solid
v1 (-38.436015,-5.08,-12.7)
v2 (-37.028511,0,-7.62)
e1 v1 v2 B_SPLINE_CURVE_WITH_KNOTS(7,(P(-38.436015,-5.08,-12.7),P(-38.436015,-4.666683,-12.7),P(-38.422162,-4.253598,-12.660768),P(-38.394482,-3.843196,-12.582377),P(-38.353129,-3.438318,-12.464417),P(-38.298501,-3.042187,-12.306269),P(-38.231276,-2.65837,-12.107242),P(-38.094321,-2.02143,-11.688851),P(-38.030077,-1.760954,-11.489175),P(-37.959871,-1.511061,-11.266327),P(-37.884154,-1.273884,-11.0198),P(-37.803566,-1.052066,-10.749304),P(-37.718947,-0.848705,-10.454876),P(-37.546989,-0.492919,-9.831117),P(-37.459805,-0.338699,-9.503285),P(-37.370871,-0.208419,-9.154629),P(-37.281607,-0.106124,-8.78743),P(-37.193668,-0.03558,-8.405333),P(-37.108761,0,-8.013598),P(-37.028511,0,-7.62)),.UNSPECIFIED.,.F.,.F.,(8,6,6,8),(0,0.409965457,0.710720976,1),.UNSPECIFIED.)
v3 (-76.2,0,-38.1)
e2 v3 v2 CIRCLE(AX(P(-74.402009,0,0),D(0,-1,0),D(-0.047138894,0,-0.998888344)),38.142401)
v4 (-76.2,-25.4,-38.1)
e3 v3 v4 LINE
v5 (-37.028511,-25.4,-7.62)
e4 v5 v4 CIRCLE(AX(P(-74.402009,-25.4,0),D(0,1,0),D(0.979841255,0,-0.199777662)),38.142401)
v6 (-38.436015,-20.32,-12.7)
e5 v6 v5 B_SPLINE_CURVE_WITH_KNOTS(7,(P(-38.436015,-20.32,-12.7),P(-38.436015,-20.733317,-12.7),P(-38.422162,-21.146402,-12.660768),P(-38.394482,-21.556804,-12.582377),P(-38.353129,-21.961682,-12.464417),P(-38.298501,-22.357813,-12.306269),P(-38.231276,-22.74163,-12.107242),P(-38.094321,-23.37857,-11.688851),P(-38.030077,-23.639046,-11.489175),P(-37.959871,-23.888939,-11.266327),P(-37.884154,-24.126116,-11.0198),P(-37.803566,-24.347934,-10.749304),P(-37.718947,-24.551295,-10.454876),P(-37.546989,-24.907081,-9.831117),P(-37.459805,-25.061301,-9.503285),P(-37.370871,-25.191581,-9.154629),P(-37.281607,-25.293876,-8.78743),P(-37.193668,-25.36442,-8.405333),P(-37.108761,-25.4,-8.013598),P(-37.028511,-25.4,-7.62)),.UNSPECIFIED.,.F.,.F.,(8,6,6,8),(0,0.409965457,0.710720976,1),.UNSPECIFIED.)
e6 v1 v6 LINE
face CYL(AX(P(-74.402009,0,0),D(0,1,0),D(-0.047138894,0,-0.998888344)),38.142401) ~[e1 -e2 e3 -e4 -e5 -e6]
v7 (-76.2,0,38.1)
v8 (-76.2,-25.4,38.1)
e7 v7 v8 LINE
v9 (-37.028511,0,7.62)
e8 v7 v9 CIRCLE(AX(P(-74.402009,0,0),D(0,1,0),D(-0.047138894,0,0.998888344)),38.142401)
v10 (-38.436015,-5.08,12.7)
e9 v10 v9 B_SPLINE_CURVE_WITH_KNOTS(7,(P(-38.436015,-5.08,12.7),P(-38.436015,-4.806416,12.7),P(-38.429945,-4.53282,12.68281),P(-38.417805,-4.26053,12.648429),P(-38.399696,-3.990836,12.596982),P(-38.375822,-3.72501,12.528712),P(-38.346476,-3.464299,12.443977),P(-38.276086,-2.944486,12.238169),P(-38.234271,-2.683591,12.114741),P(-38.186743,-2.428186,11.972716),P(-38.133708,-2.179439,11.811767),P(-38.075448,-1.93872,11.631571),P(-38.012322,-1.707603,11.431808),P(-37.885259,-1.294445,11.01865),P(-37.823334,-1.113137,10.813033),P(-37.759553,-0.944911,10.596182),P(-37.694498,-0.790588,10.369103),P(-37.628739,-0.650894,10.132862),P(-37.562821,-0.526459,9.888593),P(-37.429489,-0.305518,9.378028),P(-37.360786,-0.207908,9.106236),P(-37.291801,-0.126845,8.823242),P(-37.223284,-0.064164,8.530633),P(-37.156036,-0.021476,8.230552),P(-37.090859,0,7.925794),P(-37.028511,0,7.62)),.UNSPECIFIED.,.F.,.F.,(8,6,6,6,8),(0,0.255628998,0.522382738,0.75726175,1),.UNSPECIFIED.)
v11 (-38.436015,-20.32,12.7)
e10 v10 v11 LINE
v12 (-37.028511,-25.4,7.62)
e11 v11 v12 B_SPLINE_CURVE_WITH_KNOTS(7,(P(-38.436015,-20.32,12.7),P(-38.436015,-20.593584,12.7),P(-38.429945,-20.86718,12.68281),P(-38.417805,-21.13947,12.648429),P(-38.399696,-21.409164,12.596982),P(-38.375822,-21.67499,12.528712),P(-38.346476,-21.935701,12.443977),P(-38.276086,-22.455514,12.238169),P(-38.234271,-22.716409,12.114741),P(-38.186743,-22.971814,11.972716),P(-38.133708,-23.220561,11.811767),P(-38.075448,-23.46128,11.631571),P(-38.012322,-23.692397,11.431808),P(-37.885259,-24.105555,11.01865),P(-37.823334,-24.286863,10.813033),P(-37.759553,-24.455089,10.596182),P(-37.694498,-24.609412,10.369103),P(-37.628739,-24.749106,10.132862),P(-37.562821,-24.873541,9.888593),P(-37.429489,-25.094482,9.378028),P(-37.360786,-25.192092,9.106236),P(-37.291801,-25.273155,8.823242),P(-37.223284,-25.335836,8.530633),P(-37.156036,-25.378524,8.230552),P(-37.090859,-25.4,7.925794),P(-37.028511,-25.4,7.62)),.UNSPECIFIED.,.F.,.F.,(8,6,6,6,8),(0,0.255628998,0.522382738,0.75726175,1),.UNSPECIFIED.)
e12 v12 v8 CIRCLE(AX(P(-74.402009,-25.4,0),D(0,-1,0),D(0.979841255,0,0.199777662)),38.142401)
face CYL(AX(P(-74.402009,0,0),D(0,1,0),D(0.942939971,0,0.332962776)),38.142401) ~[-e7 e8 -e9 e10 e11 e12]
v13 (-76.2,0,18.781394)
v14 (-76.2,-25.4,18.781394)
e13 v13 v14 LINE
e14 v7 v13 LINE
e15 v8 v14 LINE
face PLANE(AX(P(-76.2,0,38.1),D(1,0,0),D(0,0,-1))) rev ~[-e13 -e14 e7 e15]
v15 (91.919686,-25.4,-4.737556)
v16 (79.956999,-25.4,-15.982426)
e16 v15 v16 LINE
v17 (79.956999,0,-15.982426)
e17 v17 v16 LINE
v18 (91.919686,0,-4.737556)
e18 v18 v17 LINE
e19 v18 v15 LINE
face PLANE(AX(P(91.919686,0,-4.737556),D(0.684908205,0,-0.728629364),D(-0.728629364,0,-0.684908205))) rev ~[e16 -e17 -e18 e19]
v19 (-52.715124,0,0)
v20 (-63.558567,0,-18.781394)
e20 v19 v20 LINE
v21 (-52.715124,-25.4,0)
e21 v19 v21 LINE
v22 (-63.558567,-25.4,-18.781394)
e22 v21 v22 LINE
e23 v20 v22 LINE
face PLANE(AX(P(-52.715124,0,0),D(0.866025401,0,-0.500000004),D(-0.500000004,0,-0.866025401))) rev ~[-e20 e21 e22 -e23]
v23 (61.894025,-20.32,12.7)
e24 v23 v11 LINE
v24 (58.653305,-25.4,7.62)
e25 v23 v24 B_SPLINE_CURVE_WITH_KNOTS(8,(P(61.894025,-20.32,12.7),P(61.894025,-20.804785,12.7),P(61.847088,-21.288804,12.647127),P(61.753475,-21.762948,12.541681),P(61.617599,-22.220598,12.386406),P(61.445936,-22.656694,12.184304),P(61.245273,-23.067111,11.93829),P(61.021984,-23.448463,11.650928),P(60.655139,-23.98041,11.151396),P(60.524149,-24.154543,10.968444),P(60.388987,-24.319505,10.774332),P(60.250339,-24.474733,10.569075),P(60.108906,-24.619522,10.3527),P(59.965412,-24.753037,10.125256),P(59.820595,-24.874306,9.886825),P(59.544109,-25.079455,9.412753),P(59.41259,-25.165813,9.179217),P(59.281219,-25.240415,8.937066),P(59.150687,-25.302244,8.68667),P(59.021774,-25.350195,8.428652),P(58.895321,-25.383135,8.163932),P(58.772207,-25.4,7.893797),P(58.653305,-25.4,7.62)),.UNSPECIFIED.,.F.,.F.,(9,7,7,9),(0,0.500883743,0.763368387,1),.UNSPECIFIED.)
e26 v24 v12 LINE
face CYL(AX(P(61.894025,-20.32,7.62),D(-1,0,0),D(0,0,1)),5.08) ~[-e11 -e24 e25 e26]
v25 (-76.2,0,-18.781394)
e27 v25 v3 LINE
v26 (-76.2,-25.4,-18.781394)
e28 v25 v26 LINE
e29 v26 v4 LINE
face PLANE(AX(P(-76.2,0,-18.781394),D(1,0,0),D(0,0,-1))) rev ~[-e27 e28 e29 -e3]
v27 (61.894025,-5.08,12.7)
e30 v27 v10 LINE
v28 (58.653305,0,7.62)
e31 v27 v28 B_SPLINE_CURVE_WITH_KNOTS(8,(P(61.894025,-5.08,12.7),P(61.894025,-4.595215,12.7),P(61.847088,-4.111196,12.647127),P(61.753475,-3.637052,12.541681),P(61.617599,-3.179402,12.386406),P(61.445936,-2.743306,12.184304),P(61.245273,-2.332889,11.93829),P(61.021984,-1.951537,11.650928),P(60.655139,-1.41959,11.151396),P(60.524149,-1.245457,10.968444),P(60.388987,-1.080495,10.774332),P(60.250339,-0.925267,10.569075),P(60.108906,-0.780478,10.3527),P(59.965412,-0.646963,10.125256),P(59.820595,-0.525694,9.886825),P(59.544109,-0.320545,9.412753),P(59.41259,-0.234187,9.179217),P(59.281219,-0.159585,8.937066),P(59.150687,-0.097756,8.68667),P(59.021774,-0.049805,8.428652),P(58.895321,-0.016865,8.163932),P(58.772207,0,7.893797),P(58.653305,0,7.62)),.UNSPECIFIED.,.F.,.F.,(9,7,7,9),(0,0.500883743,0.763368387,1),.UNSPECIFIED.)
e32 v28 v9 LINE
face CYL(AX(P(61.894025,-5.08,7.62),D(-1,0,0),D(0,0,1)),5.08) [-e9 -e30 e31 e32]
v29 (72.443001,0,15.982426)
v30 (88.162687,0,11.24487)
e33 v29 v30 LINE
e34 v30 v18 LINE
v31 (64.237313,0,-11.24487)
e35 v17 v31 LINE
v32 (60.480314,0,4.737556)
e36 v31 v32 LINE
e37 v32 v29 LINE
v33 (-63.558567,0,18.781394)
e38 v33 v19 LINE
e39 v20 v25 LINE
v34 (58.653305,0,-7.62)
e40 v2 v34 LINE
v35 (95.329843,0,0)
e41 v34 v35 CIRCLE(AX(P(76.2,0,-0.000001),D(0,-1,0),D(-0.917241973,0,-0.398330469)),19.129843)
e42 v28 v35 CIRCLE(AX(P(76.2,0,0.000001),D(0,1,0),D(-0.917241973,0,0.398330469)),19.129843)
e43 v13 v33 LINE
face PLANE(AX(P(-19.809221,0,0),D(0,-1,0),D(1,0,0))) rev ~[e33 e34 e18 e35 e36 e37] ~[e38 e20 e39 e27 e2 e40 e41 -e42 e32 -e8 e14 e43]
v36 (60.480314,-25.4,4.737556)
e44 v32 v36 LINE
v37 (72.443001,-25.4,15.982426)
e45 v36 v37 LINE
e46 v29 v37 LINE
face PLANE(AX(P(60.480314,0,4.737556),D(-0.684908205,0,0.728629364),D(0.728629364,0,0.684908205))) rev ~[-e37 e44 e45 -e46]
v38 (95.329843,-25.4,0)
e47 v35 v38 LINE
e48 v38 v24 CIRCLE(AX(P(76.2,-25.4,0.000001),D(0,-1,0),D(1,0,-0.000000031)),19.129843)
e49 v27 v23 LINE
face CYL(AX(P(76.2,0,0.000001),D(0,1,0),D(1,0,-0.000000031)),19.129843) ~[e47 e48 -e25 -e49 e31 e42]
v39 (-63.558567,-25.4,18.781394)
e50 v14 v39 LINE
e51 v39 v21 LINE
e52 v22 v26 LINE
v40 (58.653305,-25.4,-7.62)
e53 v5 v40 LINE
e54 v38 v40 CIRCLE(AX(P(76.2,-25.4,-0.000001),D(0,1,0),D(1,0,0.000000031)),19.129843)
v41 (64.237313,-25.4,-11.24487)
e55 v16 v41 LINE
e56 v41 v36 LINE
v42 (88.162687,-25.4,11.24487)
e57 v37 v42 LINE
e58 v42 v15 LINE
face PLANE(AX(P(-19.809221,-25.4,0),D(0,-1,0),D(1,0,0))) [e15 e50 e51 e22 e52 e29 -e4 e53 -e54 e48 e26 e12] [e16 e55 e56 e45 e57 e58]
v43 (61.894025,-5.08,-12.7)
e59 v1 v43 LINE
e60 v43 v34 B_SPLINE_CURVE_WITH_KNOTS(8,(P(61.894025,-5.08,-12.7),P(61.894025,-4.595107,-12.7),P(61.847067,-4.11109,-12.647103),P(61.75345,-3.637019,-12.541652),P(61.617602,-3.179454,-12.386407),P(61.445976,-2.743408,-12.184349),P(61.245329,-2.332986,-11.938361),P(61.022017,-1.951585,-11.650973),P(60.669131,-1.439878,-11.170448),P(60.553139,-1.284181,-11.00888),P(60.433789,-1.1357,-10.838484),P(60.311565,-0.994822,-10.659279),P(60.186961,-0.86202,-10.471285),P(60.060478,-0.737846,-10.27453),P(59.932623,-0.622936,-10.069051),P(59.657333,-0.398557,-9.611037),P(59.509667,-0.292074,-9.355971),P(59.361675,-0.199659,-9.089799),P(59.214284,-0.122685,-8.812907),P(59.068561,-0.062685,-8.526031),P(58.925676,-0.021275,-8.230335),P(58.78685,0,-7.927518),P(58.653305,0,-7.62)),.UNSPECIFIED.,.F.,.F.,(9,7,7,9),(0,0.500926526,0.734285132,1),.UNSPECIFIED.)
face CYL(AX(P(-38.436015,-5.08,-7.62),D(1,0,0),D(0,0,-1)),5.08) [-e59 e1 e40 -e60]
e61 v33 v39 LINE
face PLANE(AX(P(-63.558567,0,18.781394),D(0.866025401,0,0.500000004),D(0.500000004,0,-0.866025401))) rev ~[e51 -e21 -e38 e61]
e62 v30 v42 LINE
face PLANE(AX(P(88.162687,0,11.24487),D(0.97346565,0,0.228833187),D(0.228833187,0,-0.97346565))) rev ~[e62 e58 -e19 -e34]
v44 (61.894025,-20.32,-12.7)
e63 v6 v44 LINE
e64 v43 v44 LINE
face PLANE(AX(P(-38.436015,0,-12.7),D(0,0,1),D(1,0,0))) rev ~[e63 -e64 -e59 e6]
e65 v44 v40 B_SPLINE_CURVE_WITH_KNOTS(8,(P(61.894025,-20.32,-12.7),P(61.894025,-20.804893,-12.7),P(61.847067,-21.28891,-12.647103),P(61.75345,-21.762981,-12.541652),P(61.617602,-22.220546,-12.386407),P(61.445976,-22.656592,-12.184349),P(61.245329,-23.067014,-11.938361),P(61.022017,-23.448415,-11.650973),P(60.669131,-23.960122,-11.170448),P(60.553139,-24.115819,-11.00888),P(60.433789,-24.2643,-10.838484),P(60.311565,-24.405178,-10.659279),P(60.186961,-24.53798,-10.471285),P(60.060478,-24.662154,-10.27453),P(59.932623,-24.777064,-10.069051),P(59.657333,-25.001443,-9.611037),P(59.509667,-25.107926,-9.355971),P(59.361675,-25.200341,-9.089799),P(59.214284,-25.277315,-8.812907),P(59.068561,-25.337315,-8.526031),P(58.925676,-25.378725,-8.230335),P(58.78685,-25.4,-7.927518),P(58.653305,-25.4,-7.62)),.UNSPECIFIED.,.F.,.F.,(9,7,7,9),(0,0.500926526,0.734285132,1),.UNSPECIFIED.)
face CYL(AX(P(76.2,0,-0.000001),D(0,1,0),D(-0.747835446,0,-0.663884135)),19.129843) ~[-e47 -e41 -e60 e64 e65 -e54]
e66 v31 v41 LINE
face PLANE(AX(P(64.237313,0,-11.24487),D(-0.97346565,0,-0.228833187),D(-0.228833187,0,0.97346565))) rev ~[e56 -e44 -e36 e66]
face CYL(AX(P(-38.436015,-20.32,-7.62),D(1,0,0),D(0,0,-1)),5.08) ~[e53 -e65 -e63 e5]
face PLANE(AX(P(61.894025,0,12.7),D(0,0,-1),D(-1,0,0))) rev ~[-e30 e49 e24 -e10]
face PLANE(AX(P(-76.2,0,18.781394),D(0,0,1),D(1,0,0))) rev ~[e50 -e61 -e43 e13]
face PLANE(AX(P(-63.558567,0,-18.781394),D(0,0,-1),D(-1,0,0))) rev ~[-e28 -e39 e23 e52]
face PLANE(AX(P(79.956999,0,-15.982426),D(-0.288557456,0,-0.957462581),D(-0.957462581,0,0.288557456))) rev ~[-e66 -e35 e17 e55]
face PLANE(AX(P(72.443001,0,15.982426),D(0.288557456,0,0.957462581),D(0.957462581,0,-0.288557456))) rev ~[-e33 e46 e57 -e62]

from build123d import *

# Parameters (mm, degrees)
F1_DEPTH = 25.4
F2_R     = 5.08


with BuildPart() as f1:
    # F0 (on Front) → F1 (new body)
    with BuildSketch(Plane.XZ):
        with BuildLine():
            Line((-38.436015, -12.7), (61.894025, -12.7))
            ThreePointArc((61.894025, -12.7), (57.070157, 0), (61.894025, 12.7))
            Line((61.894025, 12.7), (-38.436015, 12.7))
            ThreePointArc((-38.436015, 12.7), (-53.114616, 31.649481), (-76.2, 38.1))
            Line((-76.2, 38.1), (-76.2, 18.781394))
            Line((-76.2, 18.781394), (-63.558567, 18.781394))
            Line((-63.558567, 18.781394), (-52.715124, 0))
            Line((-52.715124, 0), (-63.558567, -18.781394))
            Line((-63.558567, -18.781394), (-76.2, -18.781394))
            Line((-76.2, -18.781394), (-76.2, -38.1))
            ThreePointArc((-76.2, -38.1), (-53.114616, -31.649481), (-38.436015, -12.7))
        make_face()
        with BuildLine():
            ThreePointArc((61.894025, 12.7), (57.070157, 0), (61.894025, -12.7))
            ThreePointArc((61.894025, -12.7), (82.992638, -17.88326), (95.329843, 0))
            ThreePointArc((95.329843, 0), (82.992638, 17.88326), (61.894025, 12.7))
        make_face()
        Polygon((72.443001, 15.982426), (88.162687, 11.24487), (91.919686, -4.737556), (79.956999, -15.982426), (64.237313, -11.24487), (60.480314, 4.737556), align=None, mode=Mode.SUBTRACT)
    extrude(amount=F1_DEPTH)

    # F2
    f2_edges = [f1.edges().sort_by_distance(p)[0] for p in [
        (11.729005, -25.4, -12.7),
        (11.729005, 0, -12.7),
        (11.729005, 0, 12.7),
        (11.729005, -25.4, 12.7),
    ]]
    fillet(f2_edges, radius=F2_R)


solid = f1.part
